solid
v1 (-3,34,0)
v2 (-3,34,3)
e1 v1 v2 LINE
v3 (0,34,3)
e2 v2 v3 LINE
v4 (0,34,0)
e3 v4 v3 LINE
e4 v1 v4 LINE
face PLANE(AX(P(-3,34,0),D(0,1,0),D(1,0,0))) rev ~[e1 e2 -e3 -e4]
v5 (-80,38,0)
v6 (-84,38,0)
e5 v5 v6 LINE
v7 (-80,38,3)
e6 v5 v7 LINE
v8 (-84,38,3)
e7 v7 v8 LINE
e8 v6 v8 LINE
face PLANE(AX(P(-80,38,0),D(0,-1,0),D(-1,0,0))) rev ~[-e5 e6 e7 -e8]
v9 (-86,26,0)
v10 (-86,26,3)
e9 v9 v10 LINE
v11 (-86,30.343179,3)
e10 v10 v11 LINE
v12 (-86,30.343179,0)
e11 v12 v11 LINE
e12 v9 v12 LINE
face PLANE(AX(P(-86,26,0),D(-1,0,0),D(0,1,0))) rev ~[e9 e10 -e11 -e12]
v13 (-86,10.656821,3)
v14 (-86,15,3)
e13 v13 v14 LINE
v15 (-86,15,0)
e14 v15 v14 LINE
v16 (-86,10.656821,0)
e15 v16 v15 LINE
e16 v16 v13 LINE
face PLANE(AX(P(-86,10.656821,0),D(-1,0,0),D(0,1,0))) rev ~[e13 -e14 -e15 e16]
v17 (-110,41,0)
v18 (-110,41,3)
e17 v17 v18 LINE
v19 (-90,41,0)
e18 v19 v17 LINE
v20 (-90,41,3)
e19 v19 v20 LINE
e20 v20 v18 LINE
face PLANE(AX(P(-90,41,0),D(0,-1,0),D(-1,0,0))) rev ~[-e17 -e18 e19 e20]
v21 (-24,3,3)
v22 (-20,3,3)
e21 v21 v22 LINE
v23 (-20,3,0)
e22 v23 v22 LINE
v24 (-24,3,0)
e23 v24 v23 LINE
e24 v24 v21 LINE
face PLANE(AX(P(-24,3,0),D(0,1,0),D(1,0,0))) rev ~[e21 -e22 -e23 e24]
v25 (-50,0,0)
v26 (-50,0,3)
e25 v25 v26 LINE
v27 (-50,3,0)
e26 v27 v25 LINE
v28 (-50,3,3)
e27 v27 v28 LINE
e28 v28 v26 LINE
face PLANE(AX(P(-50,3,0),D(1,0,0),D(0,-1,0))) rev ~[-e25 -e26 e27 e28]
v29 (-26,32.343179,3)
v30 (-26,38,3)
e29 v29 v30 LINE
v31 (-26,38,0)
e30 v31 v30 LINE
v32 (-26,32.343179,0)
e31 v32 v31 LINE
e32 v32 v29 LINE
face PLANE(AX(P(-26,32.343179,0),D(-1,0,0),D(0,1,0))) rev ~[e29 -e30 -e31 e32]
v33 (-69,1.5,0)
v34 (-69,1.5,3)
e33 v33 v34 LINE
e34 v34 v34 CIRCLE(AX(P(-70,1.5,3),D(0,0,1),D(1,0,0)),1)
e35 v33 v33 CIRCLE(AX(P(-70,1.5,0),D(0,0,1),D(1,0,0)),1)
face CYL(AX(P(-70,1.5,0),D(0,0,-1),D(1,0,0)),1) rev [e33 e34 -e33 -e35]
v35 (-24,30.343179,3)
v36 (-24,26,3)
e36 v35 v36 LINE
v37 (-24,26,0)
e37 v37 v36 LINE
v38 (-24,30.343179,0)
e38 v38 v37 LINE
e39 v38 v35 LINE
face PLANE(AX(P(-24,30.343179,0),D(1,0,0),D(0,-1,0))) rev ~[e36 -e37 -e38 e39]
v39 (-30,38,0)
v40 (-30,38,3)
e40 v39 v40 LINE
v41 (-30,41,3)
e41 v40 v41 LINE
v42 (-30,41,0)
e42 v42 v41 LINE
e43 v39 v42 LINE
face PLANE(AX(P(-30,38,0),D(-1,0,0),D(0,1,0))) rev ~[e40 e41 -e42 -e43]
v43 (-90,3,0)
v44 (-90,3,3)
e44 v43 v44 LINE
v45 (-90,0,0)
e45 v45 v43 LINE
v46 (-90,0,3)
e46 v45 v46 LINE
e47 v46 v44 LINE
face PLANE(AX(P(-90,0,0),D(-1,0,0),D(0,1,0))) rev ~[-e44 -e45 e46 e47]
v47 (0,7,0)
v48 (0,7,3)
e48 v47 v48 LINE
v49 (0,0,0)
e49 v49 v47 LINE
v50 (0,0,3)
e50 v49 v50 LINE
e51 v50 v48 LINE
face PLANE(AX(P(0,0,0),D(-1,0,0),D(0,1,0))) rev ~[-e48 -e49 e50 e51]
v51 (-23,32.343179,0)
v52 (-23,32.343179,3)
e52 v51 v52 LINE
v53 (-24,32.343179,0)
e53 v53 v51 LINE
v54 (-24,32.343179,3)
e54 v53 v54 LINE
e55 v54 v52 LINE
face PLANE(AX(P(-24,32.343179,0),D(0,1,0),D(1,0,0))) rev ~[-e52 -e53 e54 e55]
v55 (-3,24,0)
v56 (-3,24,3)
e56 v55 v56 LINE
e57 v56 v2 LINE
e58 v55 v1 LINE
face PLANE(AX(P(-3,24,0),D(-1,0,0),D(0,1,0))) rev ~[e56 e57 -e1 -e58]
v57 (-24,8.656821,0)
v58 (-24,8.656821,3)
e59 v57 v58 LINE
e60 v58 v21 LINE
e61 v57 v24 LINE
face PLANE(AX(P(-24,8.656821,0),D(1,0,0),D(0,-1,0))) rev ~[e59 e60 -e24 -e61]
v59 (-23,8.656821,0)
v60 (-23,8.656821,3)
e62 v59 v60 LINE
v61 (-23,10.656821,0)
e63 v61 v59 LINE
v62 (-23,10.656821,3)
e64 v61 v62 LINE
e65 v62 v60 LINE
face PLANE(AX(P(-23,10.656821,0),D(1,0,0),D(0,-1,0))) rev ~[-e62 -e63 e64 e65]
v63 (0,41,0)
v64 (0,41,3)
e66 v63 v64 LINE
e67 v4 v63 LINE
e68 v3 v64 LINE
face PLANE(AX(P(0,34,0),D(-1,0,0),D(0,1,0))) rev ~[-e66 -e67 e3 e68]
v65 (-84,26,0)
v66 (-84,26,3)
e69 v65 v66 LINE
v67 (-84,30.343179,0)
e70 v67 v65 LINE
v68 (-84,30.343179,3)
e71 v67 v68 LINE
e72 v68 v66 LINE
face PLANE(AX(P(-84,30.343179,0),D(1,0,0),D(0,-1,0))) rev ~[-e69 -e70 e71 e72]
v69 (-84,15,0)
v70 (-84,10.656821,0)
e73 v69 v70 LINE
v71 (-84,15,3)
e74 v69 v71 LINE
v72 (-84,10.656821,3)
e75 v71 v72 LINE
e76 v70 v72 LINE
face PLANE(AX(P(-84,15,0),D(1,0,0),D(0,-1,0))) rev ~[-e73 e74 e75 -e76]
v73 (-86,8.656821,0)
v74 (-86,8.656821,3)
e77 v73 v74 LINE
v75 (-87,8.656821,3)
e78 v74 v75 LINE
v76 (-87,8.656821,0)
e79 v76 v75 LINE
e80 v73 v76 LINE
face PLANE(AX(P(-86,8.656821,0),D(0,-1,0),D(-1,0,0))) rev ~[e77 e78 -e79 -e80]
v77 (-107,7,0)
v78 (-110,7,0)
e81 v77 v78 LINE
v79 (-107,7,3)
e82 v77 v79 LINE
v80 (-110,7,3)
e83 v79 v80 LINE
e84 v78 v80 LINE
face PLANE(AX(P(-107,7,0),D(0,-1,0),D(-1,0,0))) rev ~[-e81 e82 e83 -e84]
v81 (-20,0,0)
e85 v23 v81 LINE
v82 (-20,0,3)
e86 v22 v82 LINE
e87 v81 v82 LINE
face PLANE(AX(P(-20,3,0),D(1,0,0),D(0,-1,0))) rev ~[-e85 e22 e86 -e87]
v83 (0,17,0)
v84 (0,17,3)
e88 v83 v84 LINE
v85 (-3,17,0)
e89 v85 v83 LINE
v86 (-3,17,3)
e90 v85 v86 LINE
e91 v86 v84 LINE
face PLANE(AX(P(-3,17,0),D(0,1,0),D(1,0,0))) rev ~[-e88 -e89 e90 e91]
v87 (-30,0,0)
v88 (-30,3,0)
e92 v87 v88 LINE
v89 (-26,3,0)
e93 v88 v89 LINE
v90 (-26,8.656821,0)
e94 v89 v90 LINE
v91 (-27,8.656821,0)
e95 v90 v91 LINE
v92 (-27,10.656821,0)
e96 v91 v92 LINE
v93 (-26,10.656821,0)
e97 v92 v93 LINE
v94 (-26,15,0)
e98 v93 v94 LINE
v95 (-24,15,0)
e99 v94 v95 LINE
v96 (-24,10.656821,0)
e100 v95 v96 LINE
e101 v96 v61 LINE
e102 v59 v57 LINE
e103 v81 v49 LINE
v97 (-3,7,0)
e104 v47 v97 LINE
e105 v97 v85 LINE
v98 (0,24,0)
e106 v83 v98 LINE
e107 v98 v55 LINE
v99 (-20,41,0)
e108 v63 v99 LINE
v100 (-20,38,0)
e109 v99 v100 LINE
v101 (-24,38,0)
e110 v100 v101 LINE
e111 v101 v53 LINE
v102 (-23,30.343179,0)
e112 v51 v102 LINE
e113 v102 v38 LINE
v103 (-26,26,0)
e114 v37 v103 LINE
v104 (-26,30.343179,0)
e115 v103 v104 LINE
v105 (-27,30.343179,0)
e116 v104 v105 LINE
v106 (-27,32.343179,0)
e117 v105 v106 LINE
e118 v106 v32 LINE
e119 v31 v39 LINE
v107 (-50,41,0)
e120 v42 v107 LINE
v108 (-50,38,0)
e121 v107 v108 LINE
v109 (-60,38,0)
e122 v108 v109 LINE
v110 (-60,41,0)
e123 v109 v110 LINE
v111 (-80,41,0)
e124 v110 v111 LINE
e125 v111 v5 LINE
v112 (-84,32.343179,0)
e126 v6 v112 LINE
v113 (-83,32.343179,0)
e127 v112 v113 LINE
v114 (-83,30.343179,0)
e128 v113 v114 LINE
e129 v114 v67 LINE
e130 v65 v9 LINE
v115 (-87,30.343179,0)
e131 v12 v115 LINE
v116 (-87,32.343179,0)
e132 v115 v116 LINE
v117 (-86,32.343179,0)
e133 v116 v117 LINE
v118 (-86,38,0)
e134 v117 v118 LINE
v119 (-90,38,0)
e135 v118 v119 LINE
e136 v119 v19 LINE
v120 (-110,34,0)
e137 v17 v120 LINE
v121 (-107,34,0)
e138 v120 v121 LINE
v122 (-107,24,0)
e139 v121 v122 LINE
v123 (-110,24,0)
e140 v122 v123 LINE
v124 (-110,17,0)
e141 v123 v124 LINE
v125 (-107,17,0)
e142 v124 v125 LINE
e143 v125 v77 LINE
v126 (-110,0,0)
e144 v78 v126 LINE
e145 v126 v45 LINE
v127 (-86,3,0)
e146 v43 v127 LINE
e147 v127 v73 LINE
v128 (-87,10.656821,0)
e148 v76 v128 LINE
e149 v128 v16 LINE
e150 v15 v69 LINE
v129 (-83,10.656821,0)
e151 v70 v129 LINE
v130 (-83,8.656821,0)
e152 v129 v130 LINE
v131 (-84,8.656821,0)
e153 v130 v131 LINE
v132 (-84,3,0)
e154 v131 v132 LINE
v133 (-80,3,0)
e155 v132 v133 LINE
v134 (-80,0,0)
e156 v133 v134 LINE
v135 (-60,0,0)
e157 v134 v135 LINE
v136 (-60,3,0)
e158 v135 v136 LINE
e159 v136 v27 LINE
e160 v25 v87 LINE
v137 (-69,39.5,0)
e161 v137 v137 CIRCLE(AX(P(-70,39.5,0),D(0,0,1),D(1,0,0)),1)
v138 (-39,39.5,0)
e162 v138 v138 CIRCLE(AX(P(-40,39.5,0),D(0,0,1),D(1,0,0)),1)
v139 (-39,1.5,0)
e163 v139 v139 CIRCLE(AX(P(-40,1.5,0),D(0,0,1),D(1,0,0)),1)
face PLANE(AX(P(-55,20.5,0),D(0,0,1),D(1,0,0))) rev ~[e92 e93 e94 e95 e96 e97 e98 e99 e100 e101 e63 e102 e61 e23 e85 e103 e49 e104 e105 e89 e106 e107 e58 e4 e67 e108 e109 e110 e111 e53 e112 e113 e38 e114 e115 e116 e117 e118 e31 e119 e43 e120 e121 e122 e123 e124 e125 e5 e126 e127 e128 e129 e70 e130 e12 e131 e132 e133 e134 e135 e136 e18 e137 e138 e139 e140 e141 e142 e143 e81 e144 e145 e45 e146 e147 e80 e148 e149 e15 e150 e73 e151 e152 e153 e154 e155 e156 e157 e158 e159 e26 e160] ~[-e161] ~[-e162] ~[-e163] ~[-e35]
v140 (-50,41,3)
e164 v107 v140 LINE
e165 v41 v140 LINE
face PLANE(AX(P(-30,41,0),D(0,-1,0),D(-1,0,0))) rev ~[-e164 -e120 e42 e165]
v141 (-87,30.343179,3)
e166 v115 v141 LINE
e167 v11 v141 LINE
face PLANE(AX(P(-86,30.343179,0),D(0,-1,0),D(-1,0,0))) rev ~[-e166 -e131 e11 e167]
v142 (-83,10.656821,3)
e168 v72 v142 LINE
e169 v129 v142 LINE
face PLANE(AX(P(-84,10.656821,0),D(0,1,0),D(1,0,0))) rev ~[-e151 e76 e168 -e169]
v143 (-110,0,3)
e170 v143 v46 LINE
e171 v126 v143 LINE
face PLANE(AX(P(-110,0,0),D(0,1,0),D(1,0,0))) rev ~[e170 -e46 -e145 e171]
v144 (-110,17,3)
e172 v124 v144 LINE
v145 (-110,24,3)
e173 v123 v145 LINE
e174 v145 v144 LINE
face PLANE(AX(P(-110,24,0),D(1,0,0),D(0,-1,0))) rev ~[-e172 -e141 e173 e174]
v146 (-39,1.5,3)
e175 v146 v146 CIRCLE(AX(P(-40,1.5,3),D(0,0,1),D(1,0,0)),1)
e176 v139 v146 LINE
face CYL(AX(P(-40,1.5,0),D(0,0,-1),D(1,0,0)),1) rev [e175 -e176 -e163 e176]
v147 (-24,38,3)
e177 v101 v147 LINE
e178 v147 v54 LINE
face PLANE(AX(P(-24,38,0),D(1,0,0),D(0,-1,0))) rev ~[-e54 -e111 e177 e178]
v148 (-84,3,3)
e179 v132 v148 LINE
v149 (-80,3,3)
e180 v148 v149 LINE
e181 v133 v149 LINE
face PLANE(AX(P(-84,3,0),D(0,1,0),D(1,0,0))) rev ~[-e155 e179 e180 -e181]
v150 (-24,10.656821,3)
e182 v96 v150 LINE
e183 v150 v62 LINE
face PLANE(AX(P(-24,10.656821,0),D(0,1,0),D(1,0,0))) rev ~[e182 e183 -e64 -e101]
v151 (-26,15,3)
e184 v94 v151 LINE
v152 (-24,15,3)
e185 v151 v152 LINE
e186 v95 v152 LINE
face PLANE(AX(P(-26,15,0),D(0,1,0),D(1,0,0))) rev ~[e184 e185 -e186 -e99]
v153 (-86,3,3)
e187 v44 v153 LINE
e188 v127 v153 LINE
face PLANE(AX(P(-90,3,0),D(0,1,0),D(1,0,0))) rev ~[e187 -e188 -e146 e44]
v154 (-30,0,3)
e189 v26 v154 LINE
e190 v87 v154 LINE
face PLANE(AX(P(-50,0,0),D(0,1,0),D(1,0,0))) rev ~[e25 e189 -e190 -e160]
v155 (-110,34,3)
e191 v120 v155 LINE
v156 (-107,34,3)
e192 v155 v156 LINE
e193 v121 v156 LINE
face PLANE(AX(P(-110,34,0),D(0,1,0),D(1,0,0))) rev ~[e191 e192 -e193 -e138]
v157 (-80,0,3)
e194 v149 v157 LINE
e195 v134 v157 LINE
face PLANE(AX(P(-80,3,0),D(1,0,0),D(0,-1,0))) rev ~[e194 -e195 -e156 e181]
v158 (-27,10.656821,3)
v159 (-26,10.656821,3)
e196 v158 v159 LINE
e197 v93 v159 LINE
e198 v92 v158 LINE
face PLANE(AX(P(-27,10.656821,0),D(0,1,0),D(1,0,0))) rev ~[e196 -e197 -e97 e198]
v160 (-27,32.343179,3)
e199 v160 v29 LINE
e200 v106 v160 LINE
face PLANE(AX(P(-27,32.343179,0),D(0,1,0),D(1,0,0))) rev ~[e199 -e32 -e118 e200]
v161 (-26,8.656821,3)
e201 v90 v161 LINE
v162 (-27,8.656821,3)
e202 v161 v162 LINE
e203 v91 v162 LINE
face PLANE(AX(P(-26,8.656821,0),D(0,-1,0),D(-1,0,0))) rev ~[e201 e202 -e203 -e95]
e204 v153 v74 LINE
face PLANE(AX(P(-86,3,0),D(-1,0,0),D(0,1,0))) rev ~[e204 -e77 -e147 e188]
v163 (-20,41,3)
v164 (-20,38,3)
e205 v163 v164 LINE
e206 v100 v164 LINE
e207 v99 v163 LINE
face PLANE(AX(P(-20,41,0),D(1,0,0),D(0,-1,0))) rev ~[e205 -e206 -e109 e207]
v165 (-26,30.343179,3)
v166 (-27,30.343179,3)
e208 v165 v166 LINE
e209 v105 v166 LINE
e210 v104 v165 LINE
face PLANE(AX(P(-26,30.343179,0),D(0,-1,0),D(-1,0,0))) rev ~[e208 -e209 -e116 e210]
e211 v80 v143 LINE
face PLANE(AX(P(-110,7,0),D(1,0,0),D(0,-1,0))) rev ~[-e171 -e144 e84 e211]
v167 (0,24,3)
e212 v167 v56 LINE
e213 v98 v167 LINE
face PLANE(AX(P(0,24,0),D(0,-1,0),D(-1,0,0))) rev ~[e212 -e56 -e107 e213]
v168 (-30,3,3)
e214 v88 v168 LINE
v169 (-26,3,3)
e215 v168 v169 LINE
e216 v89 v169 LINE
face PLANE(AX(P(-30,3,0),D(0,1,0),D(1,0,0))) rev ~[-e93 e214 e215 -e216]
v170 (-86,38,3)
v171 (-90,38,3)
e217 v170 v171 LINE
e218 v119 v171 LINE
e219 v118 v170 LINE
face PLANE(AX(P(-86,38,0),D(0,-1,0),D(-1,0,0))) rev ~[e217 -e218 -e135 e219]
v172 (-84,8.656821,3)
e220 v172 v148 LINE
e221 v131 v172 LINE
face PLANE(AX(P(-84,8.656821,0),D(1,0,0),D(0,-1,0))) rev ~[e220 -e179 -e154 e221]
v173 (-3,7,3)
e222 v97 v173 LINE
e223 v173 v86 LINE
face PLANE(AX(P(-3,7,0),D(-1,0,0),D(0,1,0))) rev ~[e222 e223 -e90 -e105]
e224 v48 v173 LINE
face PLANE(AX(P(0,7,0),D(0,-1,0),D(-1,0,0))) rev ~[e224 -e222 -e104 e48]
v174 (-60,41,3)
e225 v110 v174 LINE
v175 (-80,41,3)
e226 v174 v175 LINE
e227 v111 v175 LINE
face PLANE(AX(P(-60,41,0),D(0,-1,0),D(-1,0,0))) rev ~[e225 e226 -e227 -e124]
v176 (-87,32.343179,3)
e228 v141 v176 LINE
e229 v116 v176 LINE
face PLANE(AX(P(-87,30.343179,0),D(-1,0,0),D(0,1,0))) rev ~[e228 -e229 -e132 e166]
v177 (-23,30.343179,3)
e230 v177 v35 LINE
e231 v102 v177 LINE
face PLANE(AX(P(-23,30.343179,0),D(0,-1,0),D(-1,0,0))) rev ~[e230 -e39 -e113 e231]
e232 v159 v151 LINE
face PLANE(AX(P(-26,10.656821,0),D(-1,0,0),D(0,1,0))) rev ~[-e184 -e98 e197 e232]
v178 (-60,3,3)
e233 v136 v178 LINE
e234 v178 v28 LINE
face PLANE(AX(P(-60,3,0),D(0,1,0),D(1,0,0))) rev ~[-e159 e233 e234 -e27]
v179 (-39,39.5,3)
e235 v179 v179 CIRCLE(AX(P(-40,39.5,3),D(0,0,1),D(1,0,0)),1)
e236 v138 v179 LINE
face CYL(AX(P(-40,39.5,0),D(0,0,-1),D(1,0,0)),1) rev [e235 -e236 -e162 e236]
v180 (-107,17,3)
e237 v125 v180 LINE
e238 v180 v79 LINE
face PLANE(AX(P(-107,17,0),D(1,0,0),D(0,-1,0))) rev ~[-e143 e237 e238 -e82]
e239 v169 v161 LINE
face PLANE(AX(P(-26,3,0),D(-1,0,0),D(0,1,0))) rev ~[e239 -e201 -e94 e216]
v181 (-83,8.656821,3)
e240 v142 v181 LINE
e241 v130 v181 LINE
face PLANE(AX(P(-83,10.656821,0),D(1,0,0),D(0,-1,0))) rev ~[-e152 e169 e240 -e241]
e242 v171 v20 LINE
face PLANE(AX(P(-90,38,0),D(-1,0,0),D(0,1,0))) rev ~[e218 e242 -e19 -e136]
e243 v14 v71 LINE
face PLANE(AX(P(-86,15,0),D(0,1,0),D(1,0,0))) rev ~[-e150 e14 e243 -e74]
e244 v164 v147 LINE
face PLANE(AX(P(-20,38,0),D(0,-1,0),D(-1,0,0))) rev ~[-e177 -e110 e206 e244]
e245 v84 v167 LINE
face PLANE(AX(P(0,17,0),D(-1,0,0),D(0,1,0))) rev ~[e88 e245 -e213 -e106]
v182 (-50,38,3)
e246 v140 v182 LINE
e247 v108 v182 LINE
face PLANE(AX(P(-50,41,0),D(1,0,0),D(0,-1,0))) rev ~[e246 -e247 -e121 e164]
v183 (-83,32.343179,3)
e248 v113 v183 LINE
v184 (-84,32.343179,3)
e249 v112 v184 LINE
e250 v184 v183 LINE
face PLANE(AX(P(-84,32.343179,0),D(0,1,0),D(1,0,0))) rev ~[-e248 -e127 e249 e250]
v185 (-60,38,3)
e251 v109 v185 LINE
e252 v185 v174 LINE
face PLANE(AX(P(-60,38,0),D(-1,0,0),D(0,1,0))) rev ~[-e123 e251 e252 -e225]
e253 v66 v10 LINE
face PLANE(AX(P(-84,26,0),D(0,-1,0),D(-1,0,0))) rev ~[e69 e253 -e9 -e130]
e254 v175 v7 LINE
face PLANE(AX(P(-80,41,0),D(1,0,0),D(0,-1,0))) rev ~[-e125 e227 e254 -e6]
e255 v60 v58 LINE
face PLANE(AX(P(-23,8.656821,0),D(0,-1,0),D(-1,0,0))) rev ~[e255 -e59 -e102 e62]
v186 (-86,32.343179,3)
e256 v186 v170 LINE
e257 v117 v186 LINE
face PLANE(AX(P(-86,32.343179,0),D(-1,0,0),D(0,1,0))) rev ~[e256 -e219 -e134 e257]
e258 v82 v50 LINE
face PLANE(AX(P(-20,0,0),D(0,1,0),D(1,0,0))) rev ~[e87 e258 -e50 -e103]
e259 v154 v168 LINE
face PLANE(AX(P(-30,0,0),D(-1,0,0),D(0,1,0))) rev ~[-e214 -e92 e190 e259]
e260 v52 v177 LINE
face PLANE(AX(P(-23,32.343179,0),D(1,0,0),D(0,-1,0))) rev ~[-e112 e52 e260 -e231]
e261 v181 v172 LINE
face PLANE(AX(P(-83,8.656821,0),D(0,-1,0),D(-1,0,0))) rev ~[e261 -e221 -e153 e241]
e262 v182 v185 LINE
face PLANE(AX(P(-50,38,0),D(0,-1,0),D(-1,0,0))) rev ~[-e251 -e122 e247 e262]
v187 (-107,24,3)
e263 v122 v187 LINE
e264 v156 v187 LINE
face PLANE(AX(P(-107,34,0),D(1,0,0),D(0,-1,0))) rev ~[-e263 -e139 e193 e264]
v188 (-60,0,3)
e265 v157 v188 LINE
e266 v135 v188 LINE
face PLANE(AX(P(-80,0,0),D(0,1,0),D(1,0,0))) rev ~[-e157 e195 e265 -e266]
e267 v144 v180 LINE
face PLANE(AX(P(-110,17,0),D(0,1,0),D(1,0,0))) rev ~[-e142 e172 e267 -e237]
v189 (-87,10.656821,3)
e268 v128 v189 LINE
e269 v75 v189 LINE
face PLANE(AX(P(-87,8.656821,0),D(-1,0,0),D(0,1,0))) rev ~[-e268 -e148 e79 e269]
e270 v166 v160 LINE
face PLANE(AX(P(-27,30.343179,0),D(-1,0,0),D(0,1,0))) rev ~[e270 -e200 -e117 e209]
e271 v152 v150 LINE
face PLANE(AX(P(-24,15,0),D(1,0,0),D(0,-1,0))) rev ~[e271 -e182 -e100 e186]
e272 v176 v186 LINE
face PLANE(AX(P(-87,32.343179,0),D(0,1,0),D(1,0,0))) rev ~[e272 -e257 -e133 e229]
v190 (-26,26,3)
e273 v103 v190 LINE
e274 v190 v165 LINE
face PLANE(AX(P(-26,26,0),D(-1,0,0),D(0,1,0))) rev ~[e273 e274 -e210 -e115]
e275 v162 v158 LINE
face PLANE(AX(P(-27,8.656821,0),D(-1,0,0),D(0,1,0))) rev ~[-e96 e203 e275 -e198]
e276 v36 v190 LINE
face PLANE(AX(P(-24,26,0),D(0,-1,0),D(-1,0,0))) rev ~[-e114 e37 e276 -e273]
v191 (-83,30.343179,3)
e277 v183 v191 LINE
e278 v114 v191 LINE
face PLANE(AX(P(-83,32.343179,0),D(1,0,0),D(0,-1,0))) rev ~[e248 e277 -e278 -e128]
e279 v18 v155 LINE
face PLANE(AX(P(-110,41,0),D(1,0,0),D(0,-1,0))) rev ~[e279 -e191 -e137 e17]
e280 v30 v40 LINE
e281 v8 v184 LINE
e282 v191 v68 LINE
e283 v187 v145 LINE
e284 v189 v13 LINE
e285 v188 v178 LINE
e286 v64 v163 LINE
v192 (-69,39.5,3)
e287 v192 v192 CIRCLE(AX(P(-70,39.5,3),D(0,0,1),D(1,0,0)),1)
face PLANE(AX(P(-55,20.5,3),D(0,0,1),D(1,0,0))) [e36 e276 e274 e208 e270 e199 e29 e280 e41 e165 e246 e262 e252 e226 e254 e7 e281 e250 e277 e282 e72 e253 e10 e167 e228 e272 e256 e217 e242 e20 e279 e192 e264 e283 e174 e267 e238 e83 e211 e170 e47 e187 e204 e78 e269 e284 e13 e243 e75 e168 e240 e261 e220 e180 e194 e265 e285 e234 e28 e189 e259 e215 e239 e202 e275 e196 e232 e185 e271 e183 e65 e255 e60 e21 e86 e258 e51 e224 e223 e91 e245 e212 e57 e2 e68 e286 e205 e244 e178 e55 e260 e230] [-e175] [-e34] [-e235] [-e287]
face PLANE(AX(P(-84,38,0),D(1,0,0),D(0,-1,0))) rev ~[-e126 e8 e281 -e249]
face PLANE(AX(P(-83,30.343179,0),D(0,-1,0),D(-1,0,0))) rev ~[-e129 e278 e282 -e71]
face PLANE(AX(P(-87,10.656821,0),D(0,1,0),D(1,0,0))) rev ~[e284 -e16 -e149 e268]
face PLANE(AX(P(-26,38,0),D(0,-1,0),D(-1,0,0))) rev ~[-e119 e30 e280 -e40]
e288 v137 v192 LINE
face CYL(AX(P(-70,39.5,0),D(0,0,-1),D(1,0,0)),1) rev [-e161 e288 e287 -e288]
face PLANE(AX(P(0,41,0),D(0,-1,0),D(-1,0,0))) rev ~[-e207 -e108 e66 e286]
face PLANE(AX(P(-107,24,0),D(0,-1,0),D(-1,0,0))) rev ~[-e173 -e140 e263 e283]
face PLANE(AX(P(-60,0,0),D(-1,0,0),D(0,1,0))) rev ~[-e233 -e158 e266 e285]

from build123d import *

# Parameters (mm, degrees)
F0_R     = 1
F1_DEPTH = 3


with BuildPart() as f1:
    # F0 (on Top) → F1 (new body)
    with BuildSketch(Plane.XY):
        Polygon((-20, 0), (0, 0), (0, 7), (-3, 7), (-3, 17), (0, 17), (0, 24), (-3, 24), (-3, 34), (0, 34), (0, 41), (-20, 41), (-20, 38), (-24, 38), (-24, 32.343179), (-23, 32.343179), (-23, 30.343179), (-24, 30.343179), (-24, 26), (-26, 26), (-26, 30.343179), (-27, 30.343179), (-27, 32.343179), (-26, 32.343179), (-26, 38), (-30, 38), (-30, 41), (-50, 41), (-50, 38), (-60, 38), (-60, 41), (-80, 41), (-80, 38), (-84, 38), (-84, 32.343179), (-83, 32.343179), (-83, 30.343179), (-84, 30.343179), (-84, 26), (-86, 26), (-86, 30.343179), (-87, 30.343179), (-87, 32.343179), (-86, 32.343179), (-86, 38), (-90, 38), (-90, 41), (-110, 41), (-110, 34), (-107, 34), (-107, 24), (-110, 24), (-110, 17), (-107, 17), (-107, 7), (-110, 7), (-110, 0), (-90, 0), (-90, 3), (-86, 3), (-86, 8.656821), (-87, 8.656821), (-87, 10.656821), (-86, 10.656821), (-86, 15), (-84, 15), (-84, 10.656821), (-83, 10.656821), (-83, 8.656821), (-84, 8.656821), (-84, 3), (-80, 3), (-80, 0), (-60, 0), (-60, 3), (-50, 3), (-50, 0), (-30, 0), (-30, 3), (-26, 3), (-26, 8.656821), (-27, 8.656821), (-27, 10.656821), (-26, 10.656821), (-26, 15), (-24, 15), (-24, 10.656821), (-23, 10.656821), (-23, 8.656821), (-24, 8.656821), (-24, 3), (-20, 3), align=None)
        with Locations((-70, 1.5)):
            Circle(F0_R, mode=Mode.SUBTRACT)
        with Locations((-40, 1.5)):
            Circle(F0_R, mode=Mode.SUBTRACT)
        with Locations((-70, 39.5)):
            Circle(F0_R, mode=Mode.SUBTRACT)
        with Locations((-40, 39.5)):
            Circle(F0_R, mode=Mode.SUBTRACT)
    extrude(amount=F1_DEPTH)


solid = f1.part
